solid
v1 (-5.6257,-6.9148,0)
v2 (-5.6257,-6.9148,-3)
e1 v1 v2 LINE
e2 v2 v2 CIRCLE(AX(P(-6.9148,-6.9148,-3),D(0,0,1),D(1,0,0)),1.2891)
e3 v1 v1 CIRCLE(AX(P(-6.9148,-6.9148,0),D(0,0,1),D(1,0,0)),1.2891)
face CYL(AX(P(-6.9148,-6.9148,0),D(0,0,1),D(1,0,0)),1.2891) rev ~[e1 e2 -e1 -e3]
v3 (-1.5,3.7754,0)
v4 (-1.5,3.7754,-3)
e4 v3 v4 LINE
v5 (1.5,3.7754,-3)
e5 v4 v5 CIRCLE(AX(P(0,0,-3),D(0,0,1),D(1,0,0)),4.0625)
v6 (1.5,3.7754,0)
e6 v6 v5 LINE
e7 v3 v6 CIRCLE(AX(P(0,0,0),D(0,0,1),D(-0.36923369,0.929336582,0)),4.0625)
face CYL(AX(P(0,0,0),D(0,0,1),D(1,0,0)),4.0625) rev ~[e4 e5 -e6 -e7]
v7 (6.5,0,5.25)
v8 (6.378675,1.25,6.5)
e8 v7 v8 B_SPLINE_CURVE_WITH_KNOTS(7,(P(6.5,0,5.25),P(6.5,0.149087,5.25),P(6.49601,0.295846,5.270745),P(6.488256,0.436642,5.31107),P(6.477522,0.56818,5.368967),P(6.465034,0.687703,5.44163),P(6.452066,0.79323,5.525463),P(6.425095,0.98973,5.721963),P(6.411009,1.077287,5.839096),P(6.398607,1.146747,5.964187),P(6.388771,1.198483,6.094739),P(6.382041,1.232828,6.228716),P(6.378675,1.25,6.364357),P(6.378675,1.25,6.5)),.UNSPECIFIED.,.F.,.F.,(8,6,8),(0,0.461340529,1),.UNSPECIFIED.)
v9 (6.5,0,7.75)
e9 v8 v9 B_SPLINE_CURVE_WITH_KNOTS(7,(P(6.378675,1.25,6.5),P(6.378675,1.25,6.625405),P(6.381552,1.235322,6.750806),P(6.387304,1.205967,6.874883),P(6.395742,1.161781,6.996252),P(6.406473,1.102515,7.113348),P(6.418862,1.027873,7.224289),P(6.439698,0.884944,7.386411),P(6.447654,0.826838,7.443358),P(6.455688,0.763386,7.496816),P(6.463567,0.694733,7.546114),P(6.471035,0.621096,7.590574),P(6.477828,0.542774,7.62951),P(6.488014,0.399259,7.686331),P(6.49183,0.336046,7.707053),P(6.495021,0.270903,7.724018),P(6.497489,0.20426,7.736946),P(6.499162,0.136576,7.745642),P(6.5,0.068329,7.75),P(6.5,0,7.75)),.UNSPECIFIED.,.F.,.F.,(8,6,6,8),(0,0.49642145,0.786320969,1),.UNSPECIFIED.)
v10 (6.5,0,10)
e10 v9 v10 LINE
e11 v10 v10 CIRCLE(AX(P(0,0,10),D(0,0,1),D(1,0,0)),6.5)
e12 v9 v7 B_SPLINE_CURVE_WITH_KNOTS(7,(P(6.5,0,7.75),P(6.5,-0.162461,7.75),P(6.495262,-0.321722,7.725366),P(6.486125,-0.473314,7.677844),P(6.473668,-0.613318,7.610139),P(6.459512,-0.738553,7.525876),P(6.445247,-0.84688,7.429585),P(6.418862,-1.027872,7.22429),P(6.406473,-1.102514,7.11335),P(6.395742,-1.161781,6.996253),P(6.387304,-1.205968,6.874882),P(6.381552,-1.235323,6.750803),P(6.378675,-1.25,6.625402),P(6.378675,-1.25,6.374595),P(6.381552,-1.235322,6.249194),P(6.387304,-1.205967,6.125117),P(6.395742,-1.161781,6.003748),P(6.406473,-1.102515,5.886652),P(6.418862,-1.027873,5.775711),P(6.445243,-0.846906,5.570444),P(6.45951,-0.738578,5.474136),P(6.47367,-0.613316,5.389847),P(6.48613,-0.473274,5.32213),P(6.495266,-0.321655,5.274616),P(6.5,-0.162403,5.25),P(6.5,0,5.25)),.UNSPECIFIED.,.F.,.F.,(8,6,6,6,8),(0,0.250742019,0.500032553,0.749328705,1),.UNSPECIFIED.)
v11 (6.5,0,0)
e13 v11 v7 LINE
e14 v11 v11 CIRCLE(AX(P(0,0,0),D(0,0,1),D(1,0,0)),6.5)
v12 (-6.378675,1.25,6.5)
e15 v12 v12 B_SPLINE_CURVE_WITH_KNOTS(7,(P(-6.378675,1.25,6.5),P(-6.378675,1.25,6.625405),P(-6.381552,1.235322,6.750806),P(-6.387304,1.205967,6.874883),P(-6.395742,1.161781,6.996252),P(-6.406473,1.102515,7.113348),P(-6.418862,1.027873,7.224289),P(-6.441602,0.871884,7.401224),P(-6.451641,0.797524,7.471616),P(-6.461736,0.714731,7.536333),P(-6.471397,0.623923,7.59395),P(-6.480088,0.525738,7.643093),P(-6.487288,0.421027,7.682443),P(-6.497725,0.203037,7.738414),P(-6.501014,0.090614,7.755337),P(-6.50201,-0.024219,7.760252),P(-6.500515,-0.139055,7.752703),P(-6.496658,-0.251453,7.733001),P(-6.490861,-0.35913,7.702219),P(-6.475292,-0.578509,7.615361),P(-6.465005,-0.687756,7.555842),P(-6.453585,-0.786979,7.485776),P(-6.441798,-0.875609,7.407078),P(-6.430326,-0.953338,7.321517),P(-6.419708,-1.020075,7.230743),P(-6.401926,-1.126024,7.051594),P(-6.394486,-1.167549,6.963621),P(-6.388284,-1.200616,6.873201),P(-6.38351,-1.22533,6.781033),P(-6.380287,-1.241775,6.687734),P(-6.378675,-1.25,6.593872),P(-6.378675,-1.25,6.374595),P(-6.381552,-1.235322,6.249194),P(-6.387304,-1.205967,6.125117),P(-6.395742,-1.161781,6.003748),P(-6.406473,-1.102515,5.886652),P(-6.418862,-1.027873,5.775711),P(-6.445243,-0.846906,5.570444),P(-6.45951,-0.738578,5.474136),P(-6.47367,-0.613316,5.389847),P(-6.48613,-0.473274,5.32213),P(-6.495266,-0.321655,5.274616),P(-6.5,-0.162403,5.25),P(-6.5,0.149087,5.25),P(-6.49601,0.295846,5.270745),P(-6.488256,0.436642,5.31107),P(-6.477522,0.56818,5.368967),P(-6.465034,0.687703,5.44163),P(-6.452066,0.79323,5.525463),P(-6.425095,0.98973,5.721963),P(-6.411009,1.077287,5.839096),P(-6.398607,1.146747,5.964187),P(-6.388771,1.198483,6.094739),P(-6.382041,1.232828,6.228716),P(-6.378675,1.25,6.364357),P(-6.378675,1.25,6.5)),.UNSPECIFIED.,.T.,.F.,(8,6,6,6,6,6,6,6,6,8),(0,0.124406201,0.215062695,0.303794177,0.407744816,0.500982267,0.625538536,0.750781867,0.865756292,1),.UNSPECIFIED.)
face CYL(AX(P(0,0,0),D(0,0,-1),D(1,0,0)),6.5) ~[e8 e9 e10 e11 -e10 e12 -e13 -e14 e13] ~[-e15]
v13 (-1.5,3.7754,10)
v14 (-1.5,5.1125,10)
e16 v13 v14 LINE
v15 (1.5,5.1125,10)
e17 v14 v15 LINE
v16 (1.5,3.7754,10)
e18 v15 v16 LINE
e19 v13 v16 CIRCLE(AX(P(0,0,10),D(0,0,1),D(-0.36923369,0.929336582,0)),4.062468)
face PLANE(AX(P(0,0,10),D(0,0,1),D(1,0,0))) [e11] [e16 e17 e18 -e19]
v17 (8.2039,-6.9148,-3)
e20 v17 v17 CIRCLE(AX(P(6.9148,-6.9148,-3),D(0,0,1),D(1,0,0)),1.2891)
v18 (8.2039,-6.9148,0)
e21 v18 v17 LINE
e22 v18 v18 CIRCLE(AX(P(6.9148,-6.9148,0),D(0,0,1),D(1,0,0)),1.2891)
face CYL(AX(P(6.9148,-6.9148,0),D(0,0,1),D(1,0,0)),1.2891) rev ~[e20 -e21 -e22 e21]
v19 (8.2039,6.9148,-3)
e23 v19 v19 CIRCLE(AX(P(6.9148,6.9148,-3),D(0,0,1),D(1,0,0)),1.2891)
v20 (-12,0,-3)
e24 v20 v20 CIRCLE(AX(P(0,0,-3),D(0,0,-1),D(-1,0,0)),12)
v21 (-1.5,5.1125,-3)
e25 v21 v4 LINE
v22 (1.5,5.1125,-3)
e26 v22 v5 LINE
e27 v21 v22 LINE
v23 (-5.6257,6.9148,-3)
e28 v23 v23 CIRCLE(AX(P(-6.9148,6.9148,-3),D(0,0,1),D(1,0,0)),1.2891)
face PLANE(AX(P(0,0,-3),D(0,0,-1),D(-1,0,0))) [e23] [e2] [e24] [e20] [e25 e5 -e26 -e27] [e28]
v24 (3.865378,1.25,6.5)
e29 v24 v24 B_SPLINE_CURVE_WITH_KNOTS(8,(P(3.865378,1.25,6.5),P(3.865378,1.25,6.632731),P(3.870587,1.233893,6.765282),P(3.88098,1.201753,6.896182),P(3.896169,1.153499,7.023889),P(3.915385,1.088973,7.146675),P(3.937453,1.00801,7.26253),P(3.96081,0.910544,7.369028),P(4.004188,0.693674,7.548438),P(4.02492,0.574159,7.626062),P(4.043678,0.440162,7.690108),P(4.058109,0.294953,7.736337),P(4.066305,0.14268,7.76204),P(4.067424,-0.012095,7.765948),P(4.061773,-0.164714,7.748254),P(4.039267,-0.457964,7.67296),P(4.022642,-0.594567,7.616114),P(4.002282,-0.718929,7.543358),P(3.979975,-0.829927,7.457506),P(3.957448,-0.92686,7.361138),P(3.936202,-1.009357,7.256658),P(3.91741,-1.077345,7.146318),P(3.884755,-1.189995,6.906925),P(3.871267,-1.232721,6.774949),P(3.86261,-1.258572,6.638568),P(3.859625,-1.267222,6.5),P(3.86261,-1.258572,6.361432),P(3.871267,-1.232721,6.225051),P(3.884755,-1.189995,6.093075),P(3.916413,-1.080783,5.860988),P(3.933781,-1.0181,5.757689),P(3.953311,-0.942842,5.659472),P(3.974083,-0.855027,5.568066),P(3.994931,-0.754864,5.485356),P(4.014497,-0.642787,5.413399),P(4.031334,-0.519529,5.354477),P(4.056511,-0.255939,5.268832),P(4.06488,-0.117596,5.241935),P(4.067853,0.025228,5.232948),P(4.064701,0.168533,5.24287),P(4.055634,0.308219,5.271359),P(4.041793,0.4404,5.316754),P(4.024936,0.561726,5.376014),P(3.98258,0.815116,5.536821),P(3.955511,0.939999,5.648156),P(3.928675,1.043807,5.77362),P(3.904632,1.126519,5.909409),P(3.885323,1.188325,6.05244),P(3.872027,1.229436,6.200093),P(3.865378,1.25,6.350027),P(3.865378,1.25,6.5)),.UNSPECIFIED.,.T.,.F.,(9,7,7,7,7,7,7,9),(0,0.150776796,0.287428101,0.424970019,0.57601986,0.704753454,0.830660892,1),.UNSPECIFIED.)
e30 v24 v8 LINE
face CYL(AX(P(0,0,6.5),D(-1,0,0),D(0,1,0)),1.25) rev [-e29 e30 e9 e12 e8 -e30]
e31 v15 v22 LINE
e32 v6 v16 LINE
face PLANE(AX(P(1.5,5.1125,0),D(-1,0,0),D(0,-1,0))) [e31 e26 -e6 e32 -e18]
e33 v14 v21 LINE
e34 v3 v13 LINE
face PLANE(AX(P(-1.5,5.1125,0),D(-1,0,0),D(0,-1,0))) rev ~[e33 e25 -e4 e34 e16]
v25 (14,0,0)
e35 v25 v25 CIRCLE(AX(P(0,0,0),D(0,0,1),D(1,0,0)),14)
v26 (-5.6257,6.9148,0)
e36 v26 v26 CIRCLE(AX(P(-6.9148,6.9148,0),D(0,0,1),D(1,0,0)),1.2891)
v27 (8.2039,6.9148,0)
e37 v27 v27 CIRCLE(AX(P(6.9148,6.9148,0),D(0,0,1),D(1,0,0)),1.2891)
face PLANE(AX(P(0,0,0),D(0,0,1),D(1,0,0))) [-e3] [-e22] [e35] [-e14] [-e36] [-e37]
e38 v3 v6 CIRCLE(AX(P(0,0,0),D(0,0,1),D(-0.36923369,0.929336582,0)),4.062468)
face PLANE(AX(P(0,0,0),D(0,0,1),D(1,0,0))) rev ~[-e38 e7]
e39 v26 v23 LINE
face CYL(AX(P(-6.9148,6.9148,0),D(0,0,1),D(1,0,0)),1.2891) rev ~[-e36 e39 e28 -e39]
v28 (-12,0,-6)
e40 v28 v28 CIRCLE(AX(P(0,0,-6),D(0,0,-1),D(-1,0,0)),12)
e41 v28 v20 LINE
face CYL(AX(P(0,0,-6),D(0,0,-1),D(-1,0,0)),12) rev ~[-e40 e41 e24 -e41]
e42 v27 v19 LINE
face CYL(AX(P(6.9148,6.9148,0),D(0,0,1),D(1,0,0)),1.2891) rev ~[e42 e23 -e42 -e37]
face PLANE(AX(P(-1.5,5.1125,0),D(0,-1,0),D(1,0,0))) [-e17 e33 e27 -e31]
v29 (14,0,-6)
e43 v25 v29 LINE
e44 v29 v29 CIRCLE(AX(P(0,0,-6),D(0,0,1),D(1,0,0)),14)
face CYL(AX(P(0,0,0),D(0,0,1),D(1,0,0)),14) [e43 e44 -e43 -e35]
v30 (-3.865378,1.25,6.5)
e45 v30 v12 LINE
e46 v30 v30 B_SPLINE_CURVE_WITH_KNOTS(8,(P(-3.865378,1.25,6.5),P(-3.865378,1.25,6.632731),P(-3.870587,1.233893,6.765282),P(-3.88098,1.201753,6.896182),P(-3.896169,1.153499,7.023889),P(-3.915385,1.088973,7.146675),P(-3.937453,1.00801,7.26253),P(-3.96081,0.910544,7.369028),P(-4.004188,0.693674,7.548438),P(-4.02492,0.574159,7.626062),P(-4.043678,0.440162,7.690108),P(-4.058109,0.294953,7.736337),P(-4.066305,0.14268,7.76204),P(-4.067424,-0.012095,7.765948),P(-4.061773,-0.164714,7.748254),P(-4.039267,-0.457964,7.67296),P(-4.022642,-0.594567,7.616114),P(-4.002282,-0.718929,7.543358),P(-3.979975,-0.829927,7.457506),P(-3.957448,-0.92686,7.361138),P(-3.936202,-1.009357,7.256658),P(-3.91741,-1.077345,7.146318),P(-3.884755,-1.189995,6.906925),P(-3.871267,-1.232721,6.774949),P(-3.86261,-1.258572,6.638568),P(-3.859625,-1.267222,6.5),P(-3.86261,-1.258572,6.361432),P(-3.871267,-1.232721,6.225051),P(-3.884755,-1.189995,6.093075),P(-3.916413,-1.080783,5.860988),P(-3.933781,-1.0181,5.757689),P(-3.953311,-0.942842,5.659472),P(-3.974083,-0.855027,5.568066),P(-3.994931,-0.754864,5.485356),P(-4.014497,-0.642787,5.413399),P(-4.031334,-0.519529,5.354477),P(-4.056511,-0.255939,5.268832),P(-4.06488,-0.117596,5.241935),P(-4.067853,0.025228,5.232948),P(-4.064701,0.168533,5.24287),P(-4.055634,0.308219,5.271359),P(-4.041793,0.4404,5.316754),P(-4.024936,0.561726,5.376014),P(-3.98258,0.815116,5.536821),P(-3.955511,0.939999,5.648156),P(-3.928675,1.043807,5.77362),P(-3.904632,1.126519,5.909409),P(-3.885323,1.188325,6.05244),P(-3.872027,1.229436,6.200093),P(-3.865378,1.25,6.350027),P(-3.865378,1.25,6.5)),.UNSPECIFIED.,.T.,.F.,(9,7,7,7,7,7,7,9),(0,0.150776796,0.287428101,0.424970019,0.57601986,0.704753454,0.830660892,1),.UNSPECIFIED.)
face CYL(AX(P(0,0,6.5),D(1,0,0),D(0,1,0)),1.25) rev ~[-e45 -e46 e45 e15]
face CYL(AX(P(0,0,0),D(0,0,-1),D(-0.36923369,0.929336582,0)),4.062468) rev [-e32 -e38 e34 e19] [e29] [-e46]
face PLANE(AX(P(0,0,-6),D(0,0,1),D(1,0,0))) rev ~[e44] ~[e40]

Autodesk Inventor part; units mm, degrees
ref_plane "YZ Plane" through (0, 0, 0) normal (1, 0, 0) x (0, 1, 0)
ref_plane "XZ Plane" through (0, 0, 0) normal (0, 1, 0) x (-1, 0, 0)
ref_plane "XY Plane" through (0, 0, 0) normal (0, 0, 1) x (1, 0, 0)
sketch "Hub" plane through (0, 0, 0) normal (0, 0, 1) x (1, 0, 0)
  circle A0 centre (0, 0) radius 6.6 construction
  circle A1 centre (-6.9148, 6.9148) radius 1.5875 construction
  circle A2 centre (6.9148, 6.9148) radius 1.5875 construction
  circle A3 centre (-6.9148, -6.9148) radius 1.5875 construction
  circle A4 centre (6.9148, -6.9148) radius 1.5875 construction
  line L0 (-6.9148, 6.9148) -> (6.9148, 6.9148) construction
  line L1 (6.9148, 6.9148) -> (6.9148, -6.9148) construction
  line L2 (6.9148, -6.9148) -> (-6.9148, -6.9148) construction
  line L3 (-6.9148, -6.9148) -> (-6.9148, 6.9148) construction
  circle A5 centre (0, 0) radius 12.958 construction
  line L4 (-6.9148, -6.9148) -> (6.9148, 6.9148) construction
  line L5 (-6.9148, 6.9148) -> (-5.7923, 5.7923) construction
  line L6 (-5.7923, 5.7923) -> (-4.6669, 4.6669) construction
  line L7 (-8.0373, 8.0373) -> (-9.1627, 9.1627) construction
  circle A6 centre (0, 0) radius 4.0625
  line L8 (0, 4.0625) -> (0, 5.1125) construction
  line L9 (0, -21.9812) -> (0, 19.9969) construction
  line L10 (-1.5, 5.1125) -> (1.5, 5.1125)
  line L11 (-1.5, 5.1125) -> (-1.5, 3.7754)
  line L12 (1.5, 5.1125) -> (1.5, 3.7754)
  circle A7 centre (0, 0) radius 14
  circle A8 centre (6.9148, 6.9148) radius 1.2891
  circle A9 centre (6.9148, -6.9148) radius 1.2891
  circle A10 centre (-6.9148, -6.9148) radius 1.2891
  circle A11 centre (-6.9148, 6.9148) radius 1.2891
  circle A12 centre (6.9148, -6.9148) radius 2.84 construction
  circle A13 centre (12.3744, -12.3744) radius 1.621 construction
  circle A14 centre (12.3744, -12.3744) radius 3.61 construction
  dimension "d0" = 13.2
  dimension "d1" = 3.175
  dimension "d5" = 13.8296
  dimension "d6" = 45
  dimension "d9" = 8.125
  dimension "d10" = 1.05
  dimension "d11" = 3
  dimension "d21" = 2.5781
  dimension "d27" = 28
  dimension "d34" = 5.68
  dimension "d35" = 7.22
extrude "HubFeature" add sketch "Hub" against normal blind 6
sketch "Lip" plane through (0, 0, 0) normal (0, 0, 1) x (1, 0, 0)
  circle A0 centre (0, 0) radius 6.5
  arc A1 (-1.5, 3.7754) -> (1.5, 3.7754) centre (0, 0) ccw projected
  line L0 (1.5, 5.1125) -> (1.5, 3.7754) projected
  line L1 (-1.5, 5.1125) -> (1.5, 5.1125) projected
  line L2 (-1.5, 3.7754) -> (-1.5, 5.1125) projected
  dimension "d28" = 13
extrude "LipFeature" add sketch "Lip" along normal blind 10
sketch "SetScrewHole" plane through (0, 0, 0) normal (1, 0, 0) x (0, 1, 0)
  line L0 (6.5, 10) -> (-6.5, 10) construction
  line L1 (0, 10) -> (0, 0) construction
  circle A0 centre (0, 6.5) radius 1.25
  dimension "d30" = 2.5
  dimension "d31" = 3.5
extrude "SetScrewHoleFeature" cut sketch "SetScrewHole" along normal through all both and the other way through all
sketch "Sketch7" plane through (0, 0, -6) normal (0, 0, -1) x (-1, 0, 0)
  circle A0 centre (0, 0) radius 14 projected
  circle A1 centre (0, 0) radius 12
  dimension "d38" = 24
extrude "Extrusion6" cut sketch "Sketch7" against normal blind 3 contours A1
properties part number "BaseHub"
